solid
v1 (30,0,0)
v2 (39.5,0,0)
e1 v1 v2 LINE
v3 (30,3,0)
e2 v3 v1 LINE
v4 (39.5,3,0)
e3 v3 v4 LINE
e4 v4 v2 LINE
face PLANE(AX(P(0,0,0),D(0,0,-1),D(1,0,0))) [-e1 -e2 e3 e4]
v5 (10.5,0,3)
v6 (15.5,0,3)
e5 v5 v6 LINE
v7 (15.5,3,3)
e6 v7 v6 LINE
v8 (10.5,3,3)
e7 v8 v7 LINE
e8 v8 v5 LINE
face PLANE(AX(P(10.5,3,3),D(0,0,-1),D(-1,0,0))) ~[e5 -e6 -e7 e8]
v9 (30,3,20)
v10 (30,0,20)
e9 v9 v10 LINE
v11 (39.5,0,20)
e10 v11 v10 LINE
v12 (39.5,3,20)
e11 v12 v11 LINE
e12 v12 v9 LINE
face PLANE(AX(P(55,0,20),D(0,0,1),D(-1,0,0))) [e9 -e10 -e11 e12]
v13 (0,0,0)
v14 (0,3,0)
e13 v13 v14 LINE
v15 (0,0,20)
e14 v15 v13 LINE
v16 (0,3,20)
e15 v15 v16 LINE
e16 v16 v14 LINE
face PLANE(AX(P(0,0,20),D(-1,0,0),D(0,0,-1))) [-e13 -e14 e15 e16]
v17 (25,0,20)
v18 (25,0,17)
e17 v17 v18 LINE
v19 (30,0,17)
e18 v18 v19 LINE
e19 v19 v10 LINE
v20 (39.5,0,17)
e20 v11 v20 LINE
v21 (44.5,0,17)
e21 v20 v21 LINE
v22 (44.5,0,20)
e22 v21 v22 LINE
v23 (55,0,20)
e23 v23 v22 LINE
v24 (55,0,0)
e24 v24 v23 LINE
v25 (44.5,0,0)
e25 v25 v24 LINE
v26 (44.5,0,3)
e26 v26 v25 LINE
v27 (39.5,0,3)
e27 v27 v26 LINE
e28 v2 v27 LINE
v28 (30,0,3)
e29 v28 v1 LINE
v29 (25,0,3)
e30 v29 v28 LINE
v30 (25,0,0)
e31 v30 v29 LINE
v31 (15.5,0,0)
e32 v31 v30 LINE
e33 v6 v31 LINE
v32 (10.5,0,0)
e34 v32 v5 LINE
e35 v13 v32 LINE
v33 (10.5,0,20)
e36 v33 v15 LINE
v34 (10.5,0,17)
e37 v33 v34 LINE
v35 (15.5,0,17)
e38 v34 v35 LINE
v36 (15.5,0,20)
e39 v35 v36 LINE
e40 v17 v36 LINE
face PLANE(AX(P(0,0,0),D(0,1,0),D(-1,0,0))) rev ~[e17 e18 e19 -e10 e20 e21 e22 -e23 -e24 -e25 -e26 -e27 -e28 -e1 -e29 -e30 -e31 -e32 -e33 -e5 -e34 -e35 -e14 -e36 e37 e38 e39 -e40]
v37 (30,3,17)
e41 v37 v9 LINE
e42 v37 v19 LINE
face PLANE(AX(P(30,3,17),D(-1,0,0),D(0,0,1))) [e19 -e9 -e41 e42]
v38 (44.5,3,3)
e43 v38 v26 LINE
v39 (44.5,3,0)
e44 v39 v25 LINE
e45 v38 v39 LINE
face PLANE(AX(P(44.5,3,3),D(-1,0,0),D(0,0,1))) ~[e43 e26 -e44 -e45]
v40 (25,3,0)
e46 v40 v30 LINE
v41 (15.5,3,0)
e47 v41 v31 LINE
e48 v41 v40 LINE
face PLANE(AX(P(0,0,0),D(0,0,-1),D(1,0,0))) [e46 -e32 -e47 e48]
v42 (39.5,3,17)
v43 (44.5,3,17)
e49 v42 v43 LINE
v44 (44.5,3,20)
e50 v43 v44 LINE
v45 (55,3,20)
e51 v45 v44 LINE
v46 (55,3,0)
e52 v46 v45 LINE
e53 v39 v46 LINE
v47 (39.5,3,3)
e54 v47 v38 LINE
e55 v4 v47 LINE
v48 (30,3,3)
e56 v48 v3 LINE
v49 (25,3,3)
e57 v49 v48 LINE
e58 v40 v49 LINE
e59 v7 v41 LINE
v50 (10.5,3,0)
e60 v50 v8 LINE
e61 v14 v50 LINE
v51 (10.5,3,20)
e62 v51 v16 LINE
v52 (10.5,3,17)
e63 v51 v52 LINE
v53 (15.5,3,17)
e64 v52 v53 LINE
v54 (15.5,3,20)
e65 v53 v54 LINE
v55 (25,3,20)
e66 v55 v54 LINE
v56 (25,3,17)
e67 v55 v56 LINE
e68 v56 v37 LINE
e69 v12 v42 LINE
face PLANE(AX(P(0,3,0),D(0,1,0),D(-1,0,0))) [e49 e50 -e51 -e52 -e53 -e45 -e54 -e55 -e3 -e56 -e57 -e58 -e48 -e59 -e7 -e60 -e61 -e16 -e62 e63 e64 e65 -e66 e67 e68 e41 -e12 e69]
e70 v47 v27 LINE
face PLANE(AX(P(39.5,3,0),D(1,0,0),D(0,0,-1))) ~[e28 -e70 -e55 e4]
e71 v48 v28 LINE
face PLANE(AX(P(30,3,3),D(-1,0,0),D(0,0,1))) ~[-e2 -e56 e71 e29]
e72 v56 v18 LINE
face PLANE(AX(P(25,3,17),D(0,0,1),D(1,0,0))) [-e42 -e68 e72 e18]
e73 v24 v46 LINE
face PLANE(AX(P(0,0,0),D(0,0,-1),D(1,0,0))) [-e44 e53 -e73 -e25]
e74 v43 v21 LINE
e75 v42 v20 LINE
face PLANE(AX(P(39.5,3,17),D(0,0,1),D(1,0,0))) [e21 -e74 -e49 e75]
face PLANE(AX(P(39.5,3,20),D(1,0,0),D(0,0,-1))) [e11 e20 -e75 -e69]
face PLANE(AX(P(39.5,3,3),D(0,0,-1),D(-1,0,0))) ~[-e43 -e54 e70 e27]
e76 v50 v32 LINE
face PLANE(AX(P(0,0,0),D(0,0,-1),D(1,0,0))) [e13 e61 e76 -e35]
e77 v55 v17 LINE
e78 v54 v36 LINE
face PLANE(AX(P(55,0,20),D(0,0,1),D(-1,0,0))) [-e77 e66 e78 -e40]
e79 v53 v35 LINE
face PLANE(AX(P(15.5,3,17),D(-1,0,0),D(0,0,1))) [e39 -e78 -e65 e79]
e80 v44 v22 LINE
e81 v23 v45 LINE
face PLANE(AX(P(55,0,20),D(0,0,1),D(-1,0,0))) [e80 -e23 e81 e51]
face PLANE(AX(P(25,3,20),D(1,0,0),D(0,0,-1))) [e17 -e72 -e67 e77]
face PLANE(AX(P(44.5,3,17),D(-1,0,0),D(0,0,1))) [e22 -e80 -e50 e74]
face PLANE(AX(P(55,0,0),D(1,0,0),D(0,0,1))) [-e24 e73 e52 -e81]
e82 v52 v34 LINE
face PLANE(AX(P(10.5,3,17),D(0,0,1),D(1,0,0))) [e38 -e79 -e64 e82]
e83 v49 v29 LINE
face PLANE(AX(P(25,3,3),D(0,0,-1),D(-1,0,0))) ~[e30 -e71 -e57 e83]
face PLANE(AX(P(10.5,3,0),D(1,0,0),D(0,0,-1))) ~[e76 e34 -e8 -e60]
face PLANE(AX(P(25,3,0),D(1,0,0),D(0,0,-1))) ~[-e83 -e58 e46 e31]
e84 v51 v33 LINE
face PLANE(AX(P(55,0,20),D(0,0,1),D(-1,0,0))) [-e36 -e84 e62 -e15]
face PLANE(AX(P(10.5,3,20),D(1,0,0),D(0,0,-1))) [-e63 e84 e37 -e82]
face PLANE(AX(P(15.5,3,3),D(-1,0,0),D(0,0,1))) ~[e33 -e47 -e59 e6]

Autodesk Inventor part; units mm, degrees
ref_plane "YZ Plane" through (0, 0, 0) normal (1, 0, 0) x (0, 1, 0)
ref_plane "XZ Plane" through (0, 0, 0) normal (0, 1, 0) x (-1, 0, 0)
sketch "Sketch1" plane through (0, 0, 0) normal (0, 1, 0) x (-1, 0, 0)
  line L0 (0, 0) -> (-55, 0)
  line L1 (-55, 0) -> (-55, 20)
  line L2 (-55, 20) -> (0, 20)
  line L3 (0, 20) -> (0, 0)
  dimension "d0" = 55
  dimension "d1" = 20
extrude "Extrusion1" add sketch "Sketch1" along normal blind 3
sketch "Sketch2" plane through (0, 3, 0) normal (0, 1, 0) x (1, 0, 0)
  line L0 (0, -20) -> (55, -20) projected
  line L1 (55, -20) -> (55, 0) projected
  line L2 (44.5, -20) -> (39.5, -20)
  line L3 (39.5, -20) -> (39.5, -17)
  line L4 (39.5, -17) -> (44.5, -17)
  line L5 (44.5, -17) -> (44.5, -20)
  line L6 (30, -20) -> (25, -20)
  line L7 (25, -20) -> (25, -17)
  line L8 (25, -17) -> (30, -17)
  line L9 (30, -17) -> (30, -20)
  line L10 (15.5, -20) -> (10.5, -20)
  line L11 (10.5, -20) -> (10.5, -17)
  line L12 (10.5, -17) -> (15.5, -17)
  line L13 (15.5, -17) -> (15.5, -20)
  point P0 (0, 0)
  dimension "d5" = 3
  dimension "d7" = 3
  dimension "d9" = 3
  dimension "d13" = 55
  dimension "d16" = 34
  dimension "d17" = 9.5
  dimension "d18" = 9.5
  dimension "d19" = 5
  dimension "d20" = 5
  dimension "d21" = 10.5
extrude "Extrusion2" cut sketch "Sketch2" against normal blind 3
ref_plane "Work Plane1" through (55, 0, 10) normal (0, 0, 1) x (1, 0, 0)
mirror "Mirror1" about plane through (55, 0, 10) normal (0, 0, 1) of "Extrusion2"
equation "\"d18\" = d17"
equation "\"d20\" = d19"
equation "\"d21\" = -d17 + 0.5 * d13 - 1.5 * d19"
properties part number "unionpress" material "Glass"
